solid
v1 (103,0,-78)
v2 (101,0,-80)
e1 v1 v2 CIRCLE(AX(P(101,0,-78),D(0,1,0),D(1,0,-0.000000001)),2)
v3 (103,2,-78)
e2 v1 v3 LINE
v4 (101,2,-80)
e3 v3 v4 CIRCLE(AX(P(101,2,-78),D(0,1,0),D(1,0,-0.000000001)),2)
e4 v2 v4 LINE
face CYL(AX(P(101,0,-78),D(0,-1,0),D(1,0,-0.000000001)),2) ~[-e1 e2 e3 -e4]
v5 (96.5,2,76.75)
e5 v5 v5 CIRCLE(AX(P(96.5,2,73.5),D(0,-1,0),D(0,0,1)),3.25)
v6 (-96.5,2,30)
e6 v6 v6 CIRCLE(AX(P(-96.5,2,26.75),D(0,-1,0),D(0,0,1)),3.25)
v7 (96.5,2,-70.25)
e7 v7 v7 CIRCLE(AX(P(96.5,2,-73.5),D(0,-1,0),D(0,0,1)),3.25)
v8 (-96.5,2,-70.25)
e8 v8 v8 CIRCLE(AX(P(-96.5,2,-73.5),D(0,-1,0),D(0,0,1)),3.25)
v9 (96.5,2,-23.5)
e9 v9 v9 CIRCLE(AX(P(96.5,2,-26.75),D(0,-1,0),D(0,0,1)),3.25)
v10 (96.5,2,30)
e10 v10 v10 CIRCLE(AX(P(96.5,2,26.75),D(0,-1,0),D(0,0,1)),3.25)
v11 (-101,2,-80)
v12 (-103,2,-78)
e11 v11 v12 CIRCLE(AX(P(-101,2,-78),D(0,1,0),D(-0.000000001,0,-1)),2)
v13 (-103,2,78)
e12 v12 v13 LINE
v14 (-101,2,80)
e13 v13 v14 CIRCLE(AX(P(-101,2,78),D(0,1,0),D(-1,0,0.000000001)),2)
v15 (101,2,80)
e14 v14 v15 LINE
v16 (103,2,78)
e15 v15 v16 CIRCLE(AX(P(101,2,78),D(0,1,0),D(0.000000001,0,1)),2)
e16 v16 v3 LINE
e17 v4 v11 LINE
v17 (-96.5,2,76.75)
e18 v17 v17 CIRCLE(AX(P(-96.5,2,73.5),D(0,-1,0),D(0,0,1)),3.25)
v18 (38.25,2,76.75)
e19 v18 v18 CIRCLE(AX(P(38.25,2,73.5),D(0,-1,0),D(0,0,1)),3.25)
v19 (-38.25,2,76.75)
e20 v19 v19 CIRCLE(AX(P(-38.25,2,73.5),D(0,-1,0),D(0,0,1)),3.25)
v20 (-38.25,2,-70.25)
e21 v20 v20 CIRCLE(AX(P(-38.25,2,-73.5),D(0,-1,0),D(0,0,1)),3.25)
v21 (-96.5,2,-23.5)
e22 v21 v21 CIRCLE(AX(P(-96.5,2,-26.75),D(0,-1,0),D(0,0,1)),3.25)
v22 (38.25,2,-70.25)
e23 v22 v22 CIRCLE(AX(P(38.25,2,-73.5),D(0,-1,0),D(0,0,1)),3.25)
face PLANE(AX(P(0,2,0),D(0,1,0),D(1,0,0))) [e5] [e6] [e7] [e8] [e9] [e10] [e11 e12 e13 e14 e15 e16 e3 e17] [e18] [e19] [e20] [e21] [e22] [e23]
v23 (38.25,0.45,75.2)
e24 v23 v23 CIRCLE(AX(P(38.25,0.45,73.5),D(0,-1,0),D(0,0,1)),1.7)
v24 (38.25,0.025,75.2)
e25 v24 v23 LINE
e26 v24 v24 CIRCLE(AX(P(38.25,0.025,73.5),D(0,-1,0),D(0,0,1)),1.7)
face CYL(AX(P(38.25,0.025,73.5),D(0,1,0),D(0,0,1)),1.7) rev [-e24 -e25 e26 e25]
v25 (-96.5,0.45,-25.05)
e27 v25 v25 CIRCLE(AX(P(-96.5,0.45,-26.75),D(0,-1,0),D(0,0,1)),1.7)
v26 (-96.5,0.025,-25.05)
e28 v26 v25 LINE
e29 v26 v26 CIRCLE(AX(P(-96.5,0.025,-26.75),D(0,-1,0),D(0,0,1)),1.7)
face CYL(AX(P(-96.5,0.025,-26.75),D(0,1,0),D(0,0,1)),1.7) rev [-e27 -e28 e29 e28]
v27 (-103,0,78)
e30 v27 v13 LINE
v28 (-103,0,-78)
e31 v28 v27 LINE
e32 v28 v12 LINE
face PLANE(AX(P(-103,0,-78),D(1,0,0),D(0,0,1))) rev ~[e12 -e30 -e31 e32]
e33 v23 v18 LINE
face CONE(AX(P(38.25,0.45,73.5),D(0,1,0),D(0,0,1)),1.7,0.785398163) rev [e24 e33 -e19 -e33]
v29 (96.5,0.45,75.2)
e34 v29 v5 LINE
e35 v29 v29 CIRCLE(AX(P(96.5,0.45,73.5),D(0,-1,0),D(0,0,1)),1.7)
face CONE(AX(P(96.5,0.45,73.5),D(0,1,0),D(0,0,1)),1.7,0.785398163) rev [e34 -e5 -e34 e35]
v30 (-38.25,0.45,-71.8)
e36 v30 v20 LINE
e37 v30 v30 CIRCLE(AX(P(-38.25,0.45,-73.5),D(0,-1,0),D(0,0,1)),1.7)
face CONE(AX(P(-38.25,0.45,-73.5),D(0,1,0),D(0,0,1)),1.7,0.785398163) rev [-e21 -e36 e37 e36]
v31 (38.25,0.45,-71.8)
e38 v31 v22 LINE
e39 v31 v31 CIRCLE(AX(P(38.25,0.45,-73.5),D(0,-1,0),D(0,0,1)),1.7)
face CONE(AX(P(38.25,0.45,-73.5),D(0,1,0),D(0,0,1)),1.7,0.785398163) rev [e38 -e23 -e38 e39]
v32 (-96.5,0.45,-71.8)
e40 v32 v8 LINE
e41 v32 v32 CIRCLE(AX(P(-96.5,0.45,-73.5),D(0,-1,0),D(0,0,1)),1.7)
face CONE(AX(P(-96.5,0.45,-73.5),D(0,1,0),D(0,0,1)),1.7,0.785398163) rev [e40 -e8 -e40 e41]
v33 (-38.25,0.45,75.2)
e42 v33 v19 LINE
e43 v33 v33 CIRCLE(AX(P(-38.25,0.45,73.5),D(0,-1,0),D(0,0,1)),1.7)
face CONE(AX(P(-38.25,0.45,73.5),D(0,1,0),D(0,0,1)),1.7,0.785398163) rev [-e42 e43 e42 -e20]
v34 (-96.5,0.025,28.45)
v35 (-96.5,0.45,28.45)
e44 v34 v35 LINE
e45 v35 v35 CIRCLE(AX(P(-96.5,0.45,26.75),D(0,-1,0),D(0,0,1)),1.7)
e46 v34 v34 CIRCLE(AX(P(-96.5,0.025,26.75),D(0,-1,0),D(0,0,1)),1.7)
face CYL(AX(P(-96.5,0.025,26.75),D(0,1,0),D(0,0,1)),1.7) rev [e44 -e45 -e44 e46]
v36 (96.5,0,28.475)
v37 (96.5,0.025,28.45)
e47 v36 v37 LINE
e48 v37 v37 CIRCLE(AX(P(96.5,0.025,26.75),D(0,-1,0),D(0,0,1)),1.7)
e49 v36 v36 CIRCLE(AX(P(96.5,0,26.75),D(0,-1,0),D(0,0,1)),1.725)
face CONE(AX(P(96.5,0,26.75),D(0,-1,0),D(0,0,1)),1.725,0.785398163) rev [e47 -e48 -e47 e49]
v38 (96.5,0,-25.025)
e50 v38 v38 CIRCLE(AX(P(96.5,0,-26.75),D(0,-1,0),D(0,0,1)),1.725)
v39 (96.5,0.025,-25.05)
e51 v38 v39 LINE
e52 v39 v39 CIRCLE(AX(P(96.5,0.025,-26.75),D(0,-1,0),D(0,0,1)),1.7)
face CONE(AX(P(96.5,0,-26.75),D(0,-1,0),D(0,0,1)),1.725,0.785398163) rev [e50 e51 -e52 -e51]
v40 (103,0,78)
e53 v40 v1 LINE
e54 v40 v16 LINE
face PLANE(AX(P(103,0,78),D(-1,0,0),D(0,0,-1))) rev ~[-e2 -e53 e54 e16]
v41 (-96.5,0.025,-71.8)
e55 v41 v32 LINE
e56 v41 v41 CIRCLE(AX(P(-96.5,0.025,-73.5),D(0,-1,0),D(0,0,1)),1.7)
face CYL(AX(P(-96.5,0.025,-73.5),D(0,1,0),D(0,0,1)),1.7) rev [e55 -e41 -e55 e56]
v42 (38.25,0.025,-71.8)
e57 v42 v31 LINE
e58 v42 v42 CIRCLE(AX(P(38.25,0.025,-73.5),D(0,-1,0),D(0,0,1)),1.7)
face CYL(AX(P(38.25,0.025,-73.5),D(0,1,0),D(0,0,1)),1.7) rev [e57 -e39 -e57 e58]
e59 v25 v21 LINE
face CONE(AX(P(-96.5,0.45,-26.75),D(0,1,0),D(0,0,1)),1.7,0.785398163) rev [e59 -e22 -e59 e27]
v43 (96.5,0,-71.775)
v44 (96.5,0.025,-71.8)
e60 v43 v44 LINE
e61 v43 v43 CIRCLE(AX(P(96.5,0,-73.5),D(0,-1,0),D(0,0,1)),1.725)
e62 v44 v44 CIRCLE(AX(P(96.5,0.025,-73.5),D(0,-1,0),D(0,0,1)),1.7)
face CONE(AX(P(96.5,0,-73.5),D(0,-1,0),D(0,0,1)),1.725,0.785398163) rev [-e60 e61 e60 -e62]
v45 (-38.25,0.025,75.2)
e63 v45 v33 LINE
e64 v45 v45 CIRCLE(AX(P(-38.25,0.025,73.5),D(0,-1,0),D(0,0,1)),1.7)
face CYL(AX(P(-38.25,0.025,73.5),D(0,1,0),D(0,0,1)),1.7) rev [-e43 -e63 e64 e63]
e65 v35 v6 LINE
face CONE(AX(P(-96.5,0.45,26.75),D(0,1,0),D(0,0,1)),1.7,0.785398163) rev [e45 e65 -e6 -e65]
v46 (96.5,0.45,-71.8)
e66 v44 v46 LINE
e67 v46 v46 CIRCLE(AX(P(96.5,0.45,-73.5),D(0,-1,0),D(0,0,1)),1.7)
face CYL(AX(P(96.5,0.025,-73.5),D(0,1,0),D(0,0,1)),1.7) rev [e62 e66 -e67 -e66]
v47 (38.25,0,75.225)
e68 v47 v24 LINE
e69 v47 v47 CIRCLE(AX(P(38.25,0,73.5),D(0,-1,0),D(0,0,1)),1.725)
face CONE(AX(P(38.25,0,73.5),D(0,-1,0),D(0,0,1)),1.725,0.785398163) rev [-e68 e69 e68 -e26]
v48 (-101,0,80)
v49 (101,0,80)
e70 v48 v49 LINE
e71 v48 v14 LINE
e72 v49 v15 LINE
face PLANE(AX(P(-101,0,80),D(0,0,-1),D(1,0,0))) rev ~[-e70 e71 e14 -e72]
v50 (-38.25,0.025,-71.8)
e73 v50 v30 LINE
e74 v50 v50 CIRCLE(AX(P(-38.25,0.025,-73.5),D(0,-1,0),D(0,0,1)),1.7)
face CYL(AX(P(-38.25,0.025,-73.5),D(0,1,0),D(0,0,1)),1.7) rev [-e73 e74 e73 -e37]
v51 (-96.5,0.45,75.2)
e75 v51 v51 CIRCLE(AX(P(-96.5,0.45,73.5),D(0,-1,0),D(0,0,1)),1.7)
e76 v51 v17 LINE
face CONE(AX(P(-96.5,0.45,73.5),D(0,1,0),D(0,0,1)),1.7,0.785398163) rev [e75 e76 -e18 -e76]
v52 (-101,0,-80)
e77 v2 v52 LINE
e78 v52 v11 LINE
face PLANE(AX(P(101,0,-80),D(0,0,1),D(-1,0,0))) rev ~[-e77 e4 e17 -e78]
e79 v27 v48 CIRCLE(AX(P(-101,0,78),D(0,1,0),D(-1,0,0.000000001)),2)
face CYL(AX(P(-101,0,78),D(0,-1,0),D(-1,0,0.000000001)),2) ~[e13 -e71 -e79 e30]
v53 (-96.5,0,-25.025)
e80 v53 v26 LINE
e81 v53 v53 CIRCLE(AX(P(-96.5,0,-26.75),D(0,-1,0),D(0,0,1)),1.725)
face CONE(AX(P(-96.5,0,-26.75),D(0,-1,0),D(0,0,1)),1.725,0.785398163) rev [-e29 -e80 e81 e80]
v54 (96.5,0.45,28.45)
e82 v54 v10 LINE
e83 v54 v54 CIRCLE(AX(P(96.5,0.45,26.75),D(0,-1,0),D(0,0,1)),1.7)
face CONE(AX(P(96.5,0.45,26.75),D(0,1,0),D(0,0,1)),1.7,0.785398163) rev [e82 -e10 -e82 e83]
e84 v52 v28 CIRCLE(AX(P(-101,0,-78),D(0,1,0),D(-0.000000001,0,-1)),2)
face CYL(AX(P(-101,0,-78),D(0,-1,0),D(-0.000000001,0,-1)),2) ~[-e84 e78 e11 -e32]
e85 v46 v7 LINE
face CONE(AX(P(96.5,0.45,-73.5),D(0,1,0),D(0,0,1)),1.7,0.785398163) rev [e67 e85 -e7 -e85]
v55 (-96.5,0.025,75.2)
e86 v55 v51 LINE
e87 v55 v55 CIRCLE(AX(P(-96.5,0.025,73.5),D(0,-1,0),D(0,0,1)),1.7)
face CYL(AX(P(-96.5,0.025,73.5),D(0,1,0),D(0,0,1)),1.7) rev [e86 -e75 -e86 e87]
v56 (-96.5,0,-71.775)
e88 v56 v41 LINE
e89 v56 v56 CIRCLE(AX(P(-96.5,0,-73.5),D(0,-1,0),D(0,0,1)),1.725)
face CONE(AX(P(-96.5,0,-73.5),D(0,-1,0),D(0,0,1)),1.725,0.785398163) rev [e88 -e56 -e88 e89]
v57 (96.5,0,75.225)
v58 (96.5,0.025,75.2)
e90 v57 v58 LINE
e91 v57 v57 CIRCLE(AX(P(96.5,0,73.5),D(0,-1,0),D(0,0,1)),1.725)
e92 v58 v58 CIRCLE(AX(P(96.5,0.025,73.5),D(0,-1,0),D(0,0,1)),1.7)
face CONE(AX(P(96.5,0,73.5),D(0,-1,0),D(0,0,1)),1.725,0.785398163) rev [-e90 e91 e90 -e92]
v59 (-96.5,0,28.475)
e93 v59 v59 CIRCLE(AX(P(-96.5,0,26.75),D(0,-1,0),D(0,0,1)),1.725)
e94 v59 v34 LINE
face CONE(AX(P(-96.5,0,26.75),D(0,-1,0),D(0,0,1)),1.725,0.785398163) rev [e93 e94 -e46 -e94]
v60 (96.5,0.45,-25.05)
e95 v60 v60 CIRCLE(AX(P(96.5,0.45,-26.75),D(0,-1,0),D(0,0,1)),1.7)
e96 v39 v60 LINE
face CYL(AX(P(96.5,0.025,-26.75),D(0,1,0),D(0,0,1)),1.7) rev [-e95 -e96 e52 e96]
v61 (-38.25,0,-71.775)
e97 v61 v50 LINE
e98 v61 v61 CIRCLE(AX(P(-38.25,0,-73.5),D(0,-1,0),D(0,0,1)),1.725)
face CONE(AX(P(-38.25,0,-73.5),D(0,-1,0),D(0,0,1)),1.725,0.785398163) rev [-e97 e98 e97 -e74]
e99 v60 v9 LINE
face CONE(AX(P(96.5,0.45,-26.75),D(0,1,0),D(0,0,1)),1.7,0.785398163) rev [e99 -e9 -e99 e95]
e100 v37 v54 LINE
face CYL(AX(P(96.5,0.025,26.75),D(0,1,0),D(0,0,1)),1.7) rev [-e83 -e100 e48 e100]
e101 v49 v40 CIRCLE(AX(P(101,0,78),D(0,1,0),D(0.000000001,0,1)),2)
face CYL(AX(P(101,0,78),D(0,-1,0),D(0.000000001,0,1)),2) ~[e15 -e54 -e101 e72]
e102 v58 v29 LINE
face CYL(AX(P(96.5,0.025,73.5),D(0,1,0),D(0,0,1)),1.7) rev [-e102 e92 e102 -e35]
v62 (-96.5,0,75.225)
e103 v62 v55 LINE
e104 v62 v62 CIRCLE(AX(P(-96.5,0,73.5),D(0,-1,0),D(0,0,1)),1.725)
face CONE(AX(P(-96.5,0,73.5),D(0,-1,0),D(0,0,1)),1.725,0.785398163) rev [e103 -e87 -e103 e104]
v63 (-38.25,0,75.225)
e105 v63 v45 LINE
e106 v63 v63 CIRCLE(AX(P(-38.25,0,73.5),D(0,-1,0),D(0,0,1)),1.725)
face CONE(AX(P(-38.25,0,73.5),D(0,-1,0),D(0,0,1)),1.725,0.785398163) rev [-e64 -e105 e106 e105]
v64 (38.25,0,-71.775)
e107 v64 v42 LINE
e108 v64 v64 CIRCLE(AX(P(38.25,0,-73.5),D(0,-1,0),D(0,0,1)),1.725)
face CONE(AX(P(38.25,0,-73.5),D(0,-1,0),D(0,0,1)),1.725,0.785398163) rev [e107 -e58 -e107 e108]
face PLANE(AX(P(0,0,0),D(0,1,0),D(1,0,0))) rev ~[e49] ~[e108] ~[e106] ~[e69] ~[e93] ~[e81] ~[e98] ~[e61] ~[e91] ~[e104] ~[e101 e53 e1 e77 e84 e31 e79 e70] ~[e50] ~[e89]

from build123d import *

# Parameters (mm, degrees)
BOSS_EXTRUDE1_DEPTH                            = 2
CSK_FOR_M3_FLAT_HEAD_MACHINE_SCREW1_AT_2_COUNT = 2
CSK_FOR_M3_FLAT_HEAD_MACHINE_SCREW1_AT_2_PITCH = 46.75
CSK_FOR_M3_FLAT_HEAD_MACHINE_SCREW1_AT_3_COUNT = 2
CSK_FOR_M3_FLAT_HEAD_MACHINE_SCREW1_AT_3_PITCH = 58.25
CSK_FOR_M3_FLAT_HEAD_MACHINE_SCREW1_AT_4_COUNT = 2
CSK_FOR_M3_FLAT_HEAD_MACHINE_SCREW1_AT_4_PITCH = 134.75
CSK_FOR_M3_FLAT_HEAD_MACHINE_SCREW1_AT_5_COUNT = 2
CSK_FOR_M3_FLAT_HEAD_MACHINE_SCREW1_AT_5_PITCH = 193
CSK_FOR_M3_FLAT_HEAD_MACHINE_SCREW1_AT_6_COUNT = 2
CSK_FOR_M3_FLAT_HEAD_MACHINE_SCREW1_AT_6_PITCH = 198.581375008
CSK_FOR_M3_FLAT_HEAD_MACHINE_SCREW1_AT_7_COUNT = 2
CSK_FOR_M3_FLAT_HEAD_MACHINE_SCREW1_AT_7_PITCH = 217.483476384
CSK_FOR_M3_FLAT_HEAD_MACHINE_SCREW1_AT_8_COUNT = 2
CSK_FOR_M3_FLAT_HEAD_MACHINE_SCREW1_AT_8_PITCH = 242.606677567
CSK_FOR_M3_FLAT_HEAD_MACHINE_SCREW1_AT_9_COUNT = 2
CSK_FOR_M3_FLAT_HEAD_MACHINE_SCREW1_AT_9_PITCH = 199.415552302
CSK_FOR_M3_FLAT_HEAD_MACHINE_SCREW1_AT_1_COUNT = 2
CSK_FOR_M3_FLAT_HEAD_MACHINE_SCREW1_AT_1_PITCH = 158.120405072
CSK_FOR_M3_FLAT_HEAD_MACHINE_SCREW1_2_COUNT    = 2
CSK_FOR_M3_FLAT_HEAD_MACHINE_SCREW1_2_PITCH    = 147
CSK_FOR_M3_FLAT_HEAD_MACHINE_SCREW1_3_COUNT    = 2
CSK_FOR_M3_FLAT_HEAD_MACHINE_SCREW1_3_PITCH    = 100.25


with BuildPart() as part:
    # Sketch1 → Boss-Extrude1 (new body)
    with BuildSketch(Plane(origin=(0, 0, 0), x_dir=(1, 0, 0), z_dir=(0, 1, 0))):
        with BuildLine():
            Line((103, -78), (103, 78))
            ThreePointArc((103, 78), (102.414213562, 79.414213562), (101, 80))
            Line((101, 80), (-101, 80))
            ThreePointArc((-101, 80), (-102.414213562, 79.414213562), (-103, 78))
            Line((-103, 78), (-103, -78))
            ThreePointArc((-103, -78), (-102.414213562, -79.414213562), (-101, -80))
            Line((-101, -80), (101, -80))
            ThreePointArc((101, -80), (102.414213562, -79.414213562), (103, -78))
        make_face()
    extrude(amount=BOSS_EXTRUDE1_DEPTH)

    # Sketch3 → CSK for M3 Flat Head Machine Screw1 (revolve, cut)
    with BuildSketch(Plane(origin=(-96.5, 2, -73.5), x_dir=(0, 0, 1), z_dir=(1, 0, 0))):
        Polygon((0, 0), (0, 2), (1.725, 2), (1.7, 1.975), (1.7, 1.55), (3.25, 0), align=None)
    csk_for_m3_flat_head_machine_screw1 = revolve(axis=Axis((-96.5, 8.35, -73.5), (0, -1, 0)), mode=Mode.SUBTRACT)

    # CSK for M3 Flat Head Machine Screw1 at 2: CSK for M3 Flat Head Machine Screw1 ×2
    with Locations(*[(0, 0, i * CSK_FOR_M3_FLAT_HEAD_MACHINE_SCREW1_AT_2_PITCH) for i in range(1, CSK_FOR_M3_FLAT_HEAD_MACHINE_SCREW1_AT_2_COUNT)]):
        add(csk_for_m3_flat_head_machine_screw1, mode=Mode.SUBTRACT)

    # CSK for M3 Flat Head Machine Screw1 at 3: CSK for M3 Flat Head Machine Screw1 ×2
    with Locations(*[(i * CSK_FOR_M3_FLAT_HEAD_MACHINE_SCREW1_AT_3_PITCH, 0, 0) for i in range(1, CSK_FOR_M3_FLAT_HEAD_MACHINE_SCREW1_AT_3_COUNT)]):
        add(csk_for_m3_flat_head_machine_screw1, mode=Mode.SUBTRACT)

    # CSK for M3 Flat Head Machine Screw1 at 4: CSK for M3 Flat Head Machine Screw1 ×2
    with Locations(*[(i * CSK_FOR_M3_FLAT_HEAD_MACHINE_SCREW1_AT_4_PITCH, 0, 0) for i in range(1, CSK_FOR_M3_FLAT_HEAD_MACHINE_SCREW1_AT_4_COUNT)]):
        add(csk_for_m3_flat_head_machine_screw1, mode=Mode.SUBTRACT)

    # CSK for M3 Flat Head Machine Screw1 at 5: CSK for M3 Flat Head Machine Screw1 ×2
    with Locations(*[(i * CSK_FOR_M3_FLAT_HEAD_MACHINE_SCREW1_AT_5_PITCH, 0, 0) for i in range(1, CSK_FOR_M3_FLAT_HEAD_MACHINE_SCREW1_AT_5_COUNT)]):
        add(csk_for_m3_flat_head_machine_screw1, mode=Mode.SUBTRACT)

    # CSK for M3 Flat Head Machine Screw1 at 6: CSK for M3 Flat Head Machine Screw1 ×2
    with Locations(*[Vector(0.9718937639161328, 0, 0.2354198625030021) * (i * CSK_FOR_M3_FLAT_HEAD_MACHINE_SCREW1_AT_6_PITCH) for i in range(1, CSK_FOR_M3_FLAT_HEAD_MACHINE_SCREW1_AT_6_COUNT)]):
        add(csk_for_m3_flat_head_machine_screw1, mode=Mode.SUBTRACT)

    # CSK for M3 Flat Head Machine Screw1 at 7: CSK for M3 Flat Head Machine Screw1 ×2
    with Locations(*[Vector(0.8874237399965582, 0, 0.46095455924691864) * (i * CSK_FOR_M3_FLAT_HEAD_MACHINE_SCREW1_AT_7_PITCH) for i in range(1, CSK_FOR_M3_FLAT_HEAD_MACHINE_SCREW1_AT_7_COUNT)]):
        add(csk_for_m3_flat_head_machine_screw1, mode=Mode.SUBTRACT)

    # CSK for M3 Flat Head Machine Screw1 at 8: CSK for M3 Flat Head Machine Screw1 ×2
    with Locations(*[Vector(0.7955263306668907, 0, 0.6059190186944727) * (i * CSK_FOR_M3_FLAT_HEAD_MACHINE_SCREW1_AT_8_PITCH) for i in range(1, CSK_FOR_M3_FLAT_HEAD_MACHINE_SCREW1_AT_8_COUNT)]):
        add(csk_for_m3_flat_head_machine_screw1, mode=Mode.SUBTRACT)

    # CSK for M3 Flat Head Machine Screw1 at 9: CSK for M3 Flat Head Machine Screw1 ×2
    with Locations(*[Vector(0.6757246285173452, 0, 0.7371541402007424) * (i * CSK_FOR_M3_FLAT_HEAD_MACHINE_SCREW1_AT_9_PITCH) for i in range(1, CSK_FOR_M3_FLAT_HEAD_MACHINE_SCREW1_AT_9_COUNT)]):
        add(csk_for_m3_flat_head_machine_screw1, mode=Mode.SUBTRACT)

    # CSK for M3 Flat Head Machine Screw1 at 1: CSK for M3 Flat Head Machine Screw1 ×2
    with Locations(*[Vector(0.3683901516292669, 0, 0.9296712839399558) * (i * CSK_FOR_M3_FLAT_HEAD_MACHINE_SCREW1_AT_1_PITCH) for i in range(1, CSK_FOR_M3_FLAT_HEAD_MACHINE_SCREW1_AT_1_COUNT)]):
        add(csk_for_m3_flat_head_machine_screw1, mode=Mode.SUBTRACT)

    # CSK for M3 Flat Head Machine Screw1  2: CSK for M3 Flat Head Machine Screw1 ×2
    with Locations(*[(0, 0, i * CSK_FOR_M3_FLAT_HEAD_MACHINE_SCREW1_2_PITCH) for i in range(1, CSK_FOR_M3_FLAT_HEAD_MACHINE_SCREW1_2_COUNT)]):
        add(csk_for_m3_flat_head_machine_screw1, mode=Mode.SUBTRACT)

    # CSK for M3 Flat Head Machine Screw1  3: CSK for M3 Flat Head Machine Screw1 ×2
    with Locations(*[(0, 0, i * CSK_FOR_M3_FLAT_HEAD_MACHINE_SCREW1_3_PITCH) for i in range(1, CSK_FOR_M3_FLAT_HEAD_MACHINE_SCREW1_3_COUNT)]):
        add(csk_for_m3_flat_head_machine_screw1, mode=Mode.SUBTRACT)


solid = part.part
